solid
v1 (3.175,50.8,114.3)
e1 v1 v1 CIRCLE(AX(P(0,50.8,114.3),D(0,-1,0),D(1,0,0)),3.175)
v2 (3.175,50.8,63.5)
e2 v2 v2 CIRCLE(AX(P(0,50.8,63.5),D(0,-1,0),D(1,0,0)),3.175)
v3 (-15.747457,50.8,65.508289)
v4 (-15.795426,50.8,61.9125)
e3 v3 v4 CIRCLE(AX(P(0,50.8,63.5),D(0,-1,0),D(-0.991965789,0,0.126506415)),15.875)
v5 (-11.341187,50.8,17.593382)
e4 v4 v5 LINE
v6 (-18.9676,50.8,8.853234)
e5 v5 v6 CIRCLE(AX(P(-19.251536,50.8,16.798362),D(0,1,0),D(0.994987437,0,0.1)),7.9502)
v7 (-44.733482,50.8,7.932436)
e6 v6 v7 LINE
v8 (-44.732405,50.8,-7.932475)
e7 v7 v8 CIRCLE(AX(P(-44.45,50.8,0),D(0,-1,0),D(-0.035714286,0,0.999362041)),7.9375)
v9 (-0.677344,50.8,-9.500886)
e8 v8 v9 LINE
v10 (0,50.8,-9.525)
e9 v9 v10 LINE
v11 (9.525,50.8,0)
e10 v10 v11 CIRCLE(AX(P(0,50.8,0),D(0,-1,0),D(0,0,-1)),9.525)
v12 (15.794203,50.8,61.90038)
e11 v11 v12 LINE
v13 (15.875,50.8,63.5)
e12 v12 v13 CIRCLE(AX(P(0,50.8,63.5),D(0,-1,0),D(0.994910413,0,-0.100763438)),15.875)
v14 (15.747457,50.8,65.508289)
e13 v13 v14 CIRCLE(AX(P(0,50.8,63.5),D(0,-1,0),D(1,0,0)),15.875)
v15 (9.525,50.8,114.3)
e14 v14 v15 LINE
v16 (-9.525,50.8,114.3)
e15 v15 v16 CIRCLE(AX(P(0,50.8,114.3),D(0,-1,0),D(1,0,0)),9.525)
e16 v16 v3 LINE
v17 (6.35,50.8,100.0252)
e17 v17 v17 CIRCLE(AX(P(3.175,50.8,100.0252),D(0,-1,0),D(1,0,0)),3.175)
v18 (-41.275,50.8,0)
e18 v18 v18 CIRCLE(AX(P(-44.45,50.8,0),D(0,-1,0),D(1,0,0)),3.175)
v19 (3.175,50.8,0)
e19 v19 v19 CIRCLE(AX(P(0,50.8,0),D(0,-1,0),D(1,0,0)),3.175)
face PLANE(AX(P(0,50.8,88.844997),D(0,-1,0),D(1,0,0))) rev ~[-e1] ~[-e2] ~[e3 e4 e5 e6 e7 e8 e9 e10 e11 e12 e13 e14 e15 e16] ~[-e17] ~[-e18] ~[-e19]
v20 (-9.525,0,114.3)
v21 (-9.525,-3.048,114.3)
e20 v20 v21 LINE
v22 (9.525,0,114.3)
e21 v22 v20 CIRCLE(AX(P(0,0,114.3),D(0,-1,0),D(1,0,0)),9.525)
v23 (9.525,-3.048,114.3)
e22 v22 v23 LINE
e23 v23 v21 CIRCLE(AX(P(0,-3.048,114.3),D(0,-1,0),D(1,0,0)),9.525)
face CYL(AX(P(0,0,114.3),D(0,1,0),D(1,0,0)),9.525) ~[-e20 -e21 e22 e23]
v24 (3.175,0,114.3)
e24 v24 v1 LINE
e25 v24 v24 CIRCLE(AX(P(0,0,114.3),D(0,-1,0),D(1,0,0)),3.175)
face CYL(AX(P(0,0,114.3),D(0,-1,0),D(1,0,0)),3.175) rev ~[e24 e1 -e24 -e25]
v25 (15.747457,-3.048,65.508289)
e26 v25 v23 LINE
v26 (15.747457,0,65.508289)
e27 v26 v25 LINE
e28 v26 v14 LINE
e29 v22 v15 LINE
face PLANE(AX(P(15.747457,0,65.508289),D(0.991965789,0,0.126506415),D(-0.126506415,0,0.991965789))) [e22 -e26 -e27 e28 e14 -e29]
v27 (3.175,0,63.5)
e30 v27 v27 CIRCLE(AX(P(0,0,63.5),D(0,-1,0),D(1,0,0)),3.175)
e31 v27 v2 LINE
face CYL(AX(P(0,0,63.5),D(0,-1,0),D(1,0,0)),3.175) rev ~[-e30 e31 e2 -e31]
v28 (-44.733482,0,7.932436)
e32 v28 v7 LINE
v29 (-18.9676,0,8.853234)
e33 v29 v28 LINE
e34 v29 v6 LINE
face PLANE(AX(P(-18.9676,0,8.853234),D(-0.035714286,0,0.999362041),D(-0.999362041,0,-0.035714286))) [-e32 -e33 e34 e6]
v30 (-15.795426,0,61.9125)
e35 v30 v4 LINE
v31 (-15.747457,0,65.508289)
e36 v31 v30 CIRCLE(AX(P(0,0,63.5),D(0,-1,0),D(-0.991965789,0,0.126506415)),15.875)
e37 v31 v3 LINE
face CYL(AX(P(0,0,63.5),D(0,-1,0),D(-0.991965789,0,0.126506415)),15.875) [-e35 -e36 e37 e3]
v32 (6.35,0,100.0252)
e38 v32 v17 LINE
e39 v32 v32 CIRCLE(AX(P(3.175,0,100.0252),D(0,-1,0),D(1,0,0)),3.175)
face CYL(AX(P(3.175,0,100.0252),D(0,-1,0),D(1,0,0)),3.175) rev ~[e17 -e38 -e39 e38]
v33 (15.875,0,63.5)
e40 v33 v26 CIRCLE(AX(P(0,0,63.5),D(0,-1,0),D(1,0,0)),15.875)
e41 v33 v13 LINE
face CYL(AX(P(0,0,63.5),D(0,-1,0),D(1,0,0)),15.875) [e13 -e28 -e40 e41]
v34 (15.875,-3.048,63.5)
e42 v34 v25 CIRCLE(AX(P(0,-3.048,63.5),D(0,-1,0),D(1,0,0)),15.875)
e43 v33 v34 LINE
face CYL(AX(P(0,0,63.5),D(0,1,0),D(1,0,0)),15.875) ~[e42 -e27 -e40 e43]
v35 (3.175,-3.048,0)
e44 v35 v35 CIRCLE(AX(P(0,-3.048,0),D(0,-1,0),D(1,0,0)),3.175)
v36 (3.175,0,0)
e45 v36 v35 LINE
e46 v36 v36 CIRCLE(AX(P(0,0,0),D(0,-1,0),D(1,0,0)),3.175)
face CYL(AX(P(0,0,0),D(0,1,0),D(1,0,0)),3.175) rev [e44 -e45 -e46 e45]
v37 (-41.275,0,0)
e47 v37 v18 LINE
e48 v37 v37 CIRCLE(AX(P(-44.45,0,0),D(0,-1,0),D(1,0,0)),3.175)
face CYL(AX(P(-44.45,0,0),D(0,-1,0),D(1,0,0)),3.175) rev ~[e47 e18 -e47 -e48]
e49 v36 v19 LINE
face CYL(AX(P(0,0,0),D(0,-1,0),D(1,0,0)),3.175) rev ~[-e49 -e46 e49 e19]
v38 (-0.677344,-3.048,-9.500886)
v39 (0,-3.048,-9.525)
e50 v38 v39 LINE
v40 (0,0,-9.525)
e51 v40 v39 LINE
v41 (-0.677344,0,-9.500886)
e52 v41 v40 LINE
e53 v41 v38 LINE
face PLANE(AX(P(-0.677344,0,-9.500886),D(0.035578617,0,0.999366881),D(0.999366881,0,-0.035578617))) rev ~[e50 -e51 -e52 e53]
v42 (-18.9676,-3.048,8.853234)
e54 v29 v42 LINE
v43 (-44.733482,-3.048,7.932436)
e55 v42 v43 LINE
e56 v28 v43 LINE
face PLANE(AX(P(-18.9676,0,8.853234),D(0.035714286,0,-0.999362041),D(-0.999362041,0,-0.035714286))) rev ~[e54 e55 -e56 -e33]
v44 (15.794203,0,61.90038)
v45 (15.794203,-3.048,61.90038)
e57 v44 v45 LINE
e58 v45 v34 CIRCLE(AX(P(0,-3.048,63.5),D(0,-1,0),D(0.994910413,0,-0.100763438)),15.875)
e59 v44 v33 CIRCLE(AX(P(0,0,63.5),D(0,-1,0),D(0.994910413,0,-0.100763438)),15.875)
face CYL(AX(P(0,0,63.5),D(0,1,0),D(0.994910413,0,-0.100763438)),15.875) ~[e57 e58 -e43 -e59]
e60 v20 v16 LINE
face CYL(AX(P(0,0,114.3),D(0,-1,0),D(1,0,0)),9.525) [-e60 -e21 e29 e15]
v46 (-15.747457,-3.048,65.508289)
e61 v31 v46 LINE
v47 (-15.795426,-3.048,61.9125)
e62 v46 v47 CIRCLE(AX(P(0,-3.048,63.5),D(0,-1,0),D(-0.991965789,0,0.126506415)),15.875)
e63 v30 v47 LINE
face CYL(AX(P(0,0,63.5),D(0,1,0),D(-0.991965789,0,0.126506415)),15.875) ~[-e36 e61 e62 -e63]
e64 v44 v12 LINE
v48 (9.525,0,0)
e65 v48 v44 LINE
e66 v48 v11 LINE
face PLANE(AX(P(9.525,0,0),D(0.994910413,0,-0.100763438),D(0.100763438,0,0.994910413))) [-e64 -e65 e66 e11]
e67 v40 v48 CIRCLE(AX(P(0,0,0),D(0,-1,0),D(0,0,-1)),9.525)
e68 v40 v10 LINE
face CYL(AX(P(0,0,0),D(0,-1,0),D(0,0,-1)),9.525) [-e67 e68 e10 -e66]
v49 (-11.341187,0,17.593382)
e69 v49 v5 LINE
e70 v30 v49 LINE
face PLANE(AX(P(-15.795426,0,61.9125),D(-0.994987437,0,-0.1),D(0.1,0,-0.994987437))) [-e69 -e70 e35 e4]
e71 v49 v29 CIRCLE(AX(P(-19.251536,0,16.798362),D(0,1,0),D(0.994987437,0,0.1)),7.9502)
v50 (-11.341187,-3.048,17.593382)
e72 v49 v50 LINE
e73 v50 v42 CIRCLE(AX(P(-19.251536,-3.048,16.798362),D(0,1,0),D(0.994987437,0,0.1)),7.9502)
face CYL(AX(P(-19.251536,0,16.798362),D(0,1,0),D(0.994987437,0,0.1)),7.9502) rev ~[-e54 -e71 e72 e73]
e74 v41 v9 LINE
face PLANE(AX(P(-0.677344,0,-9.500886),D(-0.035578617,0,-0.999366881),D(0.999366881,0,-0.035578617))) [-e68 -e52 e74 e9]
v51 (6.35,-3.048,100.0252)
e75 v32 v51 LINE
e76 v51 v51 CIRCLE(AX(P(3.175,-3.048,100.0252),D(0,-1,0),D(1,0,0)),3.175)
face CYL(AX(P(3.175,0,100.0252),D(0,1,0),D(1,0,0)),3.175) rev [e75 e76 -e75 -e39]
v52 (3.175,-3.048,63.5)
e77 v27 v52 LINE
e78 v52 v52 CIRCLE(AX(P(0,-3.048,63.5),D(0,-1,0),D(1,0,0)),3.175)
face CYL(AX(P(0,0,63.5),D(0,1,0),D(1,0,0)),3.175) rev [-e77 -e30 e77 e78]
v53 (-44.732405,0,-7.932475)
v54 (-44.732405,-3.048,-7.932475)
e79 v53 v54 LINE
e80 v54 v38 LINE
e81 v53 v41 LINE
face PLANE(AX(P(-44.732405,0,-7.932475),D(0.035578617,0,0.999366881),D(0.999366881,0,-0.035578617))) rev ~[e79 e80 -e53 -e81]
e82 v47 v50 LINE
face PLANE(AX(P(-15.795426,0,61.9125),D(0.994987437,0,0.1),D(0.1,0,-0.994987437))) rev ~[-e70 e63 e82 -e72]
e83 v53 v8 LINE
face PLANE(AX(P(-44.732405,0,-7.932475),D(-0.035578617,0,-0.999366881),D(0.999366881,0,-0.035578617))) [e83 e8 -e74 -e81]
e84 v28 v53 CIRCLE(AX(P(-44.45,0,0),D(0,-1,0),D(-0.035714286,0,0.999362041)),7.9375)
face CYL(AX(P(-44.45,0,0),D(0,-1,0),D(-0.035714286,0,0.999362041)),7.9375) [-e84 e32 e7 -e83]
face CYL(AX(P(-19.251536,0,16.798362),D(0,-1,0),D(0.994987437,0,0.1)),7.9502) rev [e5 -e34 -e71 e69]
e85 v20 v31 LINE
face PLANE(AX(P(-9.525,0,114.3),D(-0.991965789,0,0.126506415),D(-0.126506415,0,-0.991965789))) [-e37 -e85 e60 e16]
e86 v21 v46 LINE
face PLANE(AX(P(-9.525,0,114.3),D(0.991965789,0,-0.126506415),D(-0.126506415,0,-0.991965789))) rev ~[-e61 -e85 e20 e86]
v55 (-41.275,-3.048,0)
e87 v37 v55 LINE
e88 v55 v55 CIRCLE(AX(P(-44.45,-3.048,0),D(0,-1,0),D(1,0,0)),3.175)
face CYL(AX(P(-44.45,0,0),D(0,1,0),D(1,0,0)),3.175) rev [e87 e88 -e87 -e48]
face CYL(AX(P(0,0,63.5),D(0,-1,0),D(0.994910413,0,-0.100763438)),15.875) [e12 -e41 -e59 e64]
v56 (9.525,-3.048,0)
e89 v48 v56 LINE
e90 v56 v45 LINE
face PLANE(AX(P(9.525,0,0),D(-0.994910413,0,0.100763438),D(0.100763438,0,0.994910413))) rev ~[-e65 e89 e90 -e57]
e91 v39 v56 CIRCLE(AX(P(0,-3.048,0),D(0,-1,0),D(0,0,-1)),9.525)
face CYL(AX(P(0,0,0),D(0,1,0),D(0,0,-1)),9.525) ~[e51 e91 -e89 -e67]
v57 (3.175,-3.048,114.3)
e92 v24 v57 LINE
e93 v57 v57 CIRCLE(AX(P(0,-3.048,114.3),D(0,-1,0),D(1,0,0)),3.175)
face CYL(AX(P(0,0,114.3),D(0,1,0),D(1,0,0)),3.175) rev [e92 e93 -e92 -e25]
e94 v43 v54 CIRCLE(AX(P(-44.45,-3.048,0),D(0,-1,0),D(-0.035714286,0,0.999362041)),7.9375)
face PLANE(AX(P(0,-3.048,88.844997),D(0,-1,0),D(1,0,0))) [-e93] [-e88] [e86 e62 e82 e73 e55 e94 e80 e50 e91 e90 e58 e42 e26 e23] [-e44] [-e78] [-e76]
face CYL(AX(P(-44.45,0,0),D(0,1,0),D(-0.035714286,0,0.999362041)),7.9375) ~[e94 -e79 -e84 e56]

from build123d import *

# Parameters (mm, degrees)
F0_R     = 3.175
F1_DEPTH = 3.048
F2_DEPTH = 50.8


with BuildPart() as f1:
    # F0 (on Front) → F1 (new body)
    with BuildSketch(Plane.XZ):
        with BuildLine():
            Line((15.7474569047, 65.5082893304), (9.525, 114.3))
            ThreePointArc((9.525, 114.3), (0, 104.775), (-9.525, 114.3))
            Line((-9.525, 114.3), (-15.7474569047, 65.5082893304))
            ThreePointArc((-15.7474569047, 65.5082893304), (0, 79.375), (15.7474569047, 65.5082893304))
        make_face()
        with Locations((3.175, 100.0252)):
            Circle(F0_R, mode=Mode.SUBTRACT)
        with BuildLine():
            ThreePointArc((-9.525, 114.3), (0, 104.775), (9.525, 114.3))
            ThreePointArc((9.525, 114.3), (0, 123.825), (-9.525, 114.3))
        make_face()
        with Locations((0, 114.3)):
            Circle(F0_R, mode=Mode.SUBTRACT)
        with BuildLine():
            ThreePointArc((15.875, 63.5), (15.8430821396, 64.5061676396), (15.7474569047, 65.5082893304))
            ThreePointArc((15.7474569047, 65.5082893304), (0, 79.375), (-15.7474569047, 65.5082893304))
            ThreePointArc((-15.7474569047, 65.5082893304), (-15.8735876171, 63.7117573215), (-15.7954255641, 61.9125))
            ThreePointArc((-15.7954255641, 61.9125), (-0.0060905531, 47.6250011683), (15.7942028036, 61.9003804205))
            ThreePointArc((15.7942028036, 61.9003804205), (15.8547878338, 62.6991705884), (15.875, 63.5))
        make_face()
        with Locations((0, 63.5)):
            Circle(F0_R, mode=Mode.SUBTRACT)
        with BuildLine():
            ThreePointArc((15.7942028036, 61.9003804205), (-0.0060905531, 47.6250011683), (-15.7954255641, 61.9125))
            Line((-15.7954255641, 61.9125), (-11.3411865923, 17.5933818124))
            ThreePointArc((-11.3411865923, 17.5933818124), (-13.2611998974, 11.5713591498), (-18.9676000005, 8.8532337108))
            Line((-18.9676000005, 8.8532337108), (-44.7334821429, 7.9324362036))
            ThreePointArc((-44.7334821429, 7.9324362036), (-38.9384772185, 5.7120069047), (-36.5125, 0))
            ThreePointArc((-36.5125, 0), (-38.9380895153, -5.7116327839), (-44.7324052746, -7.9324746146))
            Line((-44.7324052746, -7.9324746146), (-0.6773435479, -9.500885786))
            ThreePointArc((-0.6773435479, -9.500885786), (-6.4912990883, 6.9705567315), (9.525, 0))
            Line((9.525, 0), (15.7942028036, 61.9003804205))
        make_face()
        with BuildLine():
            ThreePointArc((0, -9.525), (6.7351920908, -6.7351920908), (9.525, 0))
            ThreePointArc((9.525, 0), (-6.4912990883, 6.9705567315), (-0.6773435479, -9.500885786))
            Line((-0.6773435479, -9.500885786), (0, -9.525))
        make_face()
        Circle(F0_R, mode=Mode.SUBTRACT)
        with BuildLine():
            ThreePointArc((-36.5125, 0), (-38.9384772185, 5.7120069047), (-44.7334821429, 7.9324362036))
            ThreePointArc((-44.7334821429, 7.9324362036), (-52.3874999817, -0.0005387766), (-44.7324052746, -7.9324746146))
            ThreePointArc((-44.7324052746, -7.9324746146), (-38.9380895153, -5.7116327839), (-36.5125, 0))
        make_face()
        with Locations((-44.45, 0)):
            Circle(F0_R, mode=Mode.SUBTRACT)
    extrude(amount=F1_DEPTH)

    # F2 (add): a face of the model
    f2_faces = [f1.faces().sort_by_distance(p)[0] for p in [
        (-5.2061235435, 0, 46.6226606697),
    ]]
    extrude(f2_faces, amount=F2_DEPTH)


solid = f1.part
